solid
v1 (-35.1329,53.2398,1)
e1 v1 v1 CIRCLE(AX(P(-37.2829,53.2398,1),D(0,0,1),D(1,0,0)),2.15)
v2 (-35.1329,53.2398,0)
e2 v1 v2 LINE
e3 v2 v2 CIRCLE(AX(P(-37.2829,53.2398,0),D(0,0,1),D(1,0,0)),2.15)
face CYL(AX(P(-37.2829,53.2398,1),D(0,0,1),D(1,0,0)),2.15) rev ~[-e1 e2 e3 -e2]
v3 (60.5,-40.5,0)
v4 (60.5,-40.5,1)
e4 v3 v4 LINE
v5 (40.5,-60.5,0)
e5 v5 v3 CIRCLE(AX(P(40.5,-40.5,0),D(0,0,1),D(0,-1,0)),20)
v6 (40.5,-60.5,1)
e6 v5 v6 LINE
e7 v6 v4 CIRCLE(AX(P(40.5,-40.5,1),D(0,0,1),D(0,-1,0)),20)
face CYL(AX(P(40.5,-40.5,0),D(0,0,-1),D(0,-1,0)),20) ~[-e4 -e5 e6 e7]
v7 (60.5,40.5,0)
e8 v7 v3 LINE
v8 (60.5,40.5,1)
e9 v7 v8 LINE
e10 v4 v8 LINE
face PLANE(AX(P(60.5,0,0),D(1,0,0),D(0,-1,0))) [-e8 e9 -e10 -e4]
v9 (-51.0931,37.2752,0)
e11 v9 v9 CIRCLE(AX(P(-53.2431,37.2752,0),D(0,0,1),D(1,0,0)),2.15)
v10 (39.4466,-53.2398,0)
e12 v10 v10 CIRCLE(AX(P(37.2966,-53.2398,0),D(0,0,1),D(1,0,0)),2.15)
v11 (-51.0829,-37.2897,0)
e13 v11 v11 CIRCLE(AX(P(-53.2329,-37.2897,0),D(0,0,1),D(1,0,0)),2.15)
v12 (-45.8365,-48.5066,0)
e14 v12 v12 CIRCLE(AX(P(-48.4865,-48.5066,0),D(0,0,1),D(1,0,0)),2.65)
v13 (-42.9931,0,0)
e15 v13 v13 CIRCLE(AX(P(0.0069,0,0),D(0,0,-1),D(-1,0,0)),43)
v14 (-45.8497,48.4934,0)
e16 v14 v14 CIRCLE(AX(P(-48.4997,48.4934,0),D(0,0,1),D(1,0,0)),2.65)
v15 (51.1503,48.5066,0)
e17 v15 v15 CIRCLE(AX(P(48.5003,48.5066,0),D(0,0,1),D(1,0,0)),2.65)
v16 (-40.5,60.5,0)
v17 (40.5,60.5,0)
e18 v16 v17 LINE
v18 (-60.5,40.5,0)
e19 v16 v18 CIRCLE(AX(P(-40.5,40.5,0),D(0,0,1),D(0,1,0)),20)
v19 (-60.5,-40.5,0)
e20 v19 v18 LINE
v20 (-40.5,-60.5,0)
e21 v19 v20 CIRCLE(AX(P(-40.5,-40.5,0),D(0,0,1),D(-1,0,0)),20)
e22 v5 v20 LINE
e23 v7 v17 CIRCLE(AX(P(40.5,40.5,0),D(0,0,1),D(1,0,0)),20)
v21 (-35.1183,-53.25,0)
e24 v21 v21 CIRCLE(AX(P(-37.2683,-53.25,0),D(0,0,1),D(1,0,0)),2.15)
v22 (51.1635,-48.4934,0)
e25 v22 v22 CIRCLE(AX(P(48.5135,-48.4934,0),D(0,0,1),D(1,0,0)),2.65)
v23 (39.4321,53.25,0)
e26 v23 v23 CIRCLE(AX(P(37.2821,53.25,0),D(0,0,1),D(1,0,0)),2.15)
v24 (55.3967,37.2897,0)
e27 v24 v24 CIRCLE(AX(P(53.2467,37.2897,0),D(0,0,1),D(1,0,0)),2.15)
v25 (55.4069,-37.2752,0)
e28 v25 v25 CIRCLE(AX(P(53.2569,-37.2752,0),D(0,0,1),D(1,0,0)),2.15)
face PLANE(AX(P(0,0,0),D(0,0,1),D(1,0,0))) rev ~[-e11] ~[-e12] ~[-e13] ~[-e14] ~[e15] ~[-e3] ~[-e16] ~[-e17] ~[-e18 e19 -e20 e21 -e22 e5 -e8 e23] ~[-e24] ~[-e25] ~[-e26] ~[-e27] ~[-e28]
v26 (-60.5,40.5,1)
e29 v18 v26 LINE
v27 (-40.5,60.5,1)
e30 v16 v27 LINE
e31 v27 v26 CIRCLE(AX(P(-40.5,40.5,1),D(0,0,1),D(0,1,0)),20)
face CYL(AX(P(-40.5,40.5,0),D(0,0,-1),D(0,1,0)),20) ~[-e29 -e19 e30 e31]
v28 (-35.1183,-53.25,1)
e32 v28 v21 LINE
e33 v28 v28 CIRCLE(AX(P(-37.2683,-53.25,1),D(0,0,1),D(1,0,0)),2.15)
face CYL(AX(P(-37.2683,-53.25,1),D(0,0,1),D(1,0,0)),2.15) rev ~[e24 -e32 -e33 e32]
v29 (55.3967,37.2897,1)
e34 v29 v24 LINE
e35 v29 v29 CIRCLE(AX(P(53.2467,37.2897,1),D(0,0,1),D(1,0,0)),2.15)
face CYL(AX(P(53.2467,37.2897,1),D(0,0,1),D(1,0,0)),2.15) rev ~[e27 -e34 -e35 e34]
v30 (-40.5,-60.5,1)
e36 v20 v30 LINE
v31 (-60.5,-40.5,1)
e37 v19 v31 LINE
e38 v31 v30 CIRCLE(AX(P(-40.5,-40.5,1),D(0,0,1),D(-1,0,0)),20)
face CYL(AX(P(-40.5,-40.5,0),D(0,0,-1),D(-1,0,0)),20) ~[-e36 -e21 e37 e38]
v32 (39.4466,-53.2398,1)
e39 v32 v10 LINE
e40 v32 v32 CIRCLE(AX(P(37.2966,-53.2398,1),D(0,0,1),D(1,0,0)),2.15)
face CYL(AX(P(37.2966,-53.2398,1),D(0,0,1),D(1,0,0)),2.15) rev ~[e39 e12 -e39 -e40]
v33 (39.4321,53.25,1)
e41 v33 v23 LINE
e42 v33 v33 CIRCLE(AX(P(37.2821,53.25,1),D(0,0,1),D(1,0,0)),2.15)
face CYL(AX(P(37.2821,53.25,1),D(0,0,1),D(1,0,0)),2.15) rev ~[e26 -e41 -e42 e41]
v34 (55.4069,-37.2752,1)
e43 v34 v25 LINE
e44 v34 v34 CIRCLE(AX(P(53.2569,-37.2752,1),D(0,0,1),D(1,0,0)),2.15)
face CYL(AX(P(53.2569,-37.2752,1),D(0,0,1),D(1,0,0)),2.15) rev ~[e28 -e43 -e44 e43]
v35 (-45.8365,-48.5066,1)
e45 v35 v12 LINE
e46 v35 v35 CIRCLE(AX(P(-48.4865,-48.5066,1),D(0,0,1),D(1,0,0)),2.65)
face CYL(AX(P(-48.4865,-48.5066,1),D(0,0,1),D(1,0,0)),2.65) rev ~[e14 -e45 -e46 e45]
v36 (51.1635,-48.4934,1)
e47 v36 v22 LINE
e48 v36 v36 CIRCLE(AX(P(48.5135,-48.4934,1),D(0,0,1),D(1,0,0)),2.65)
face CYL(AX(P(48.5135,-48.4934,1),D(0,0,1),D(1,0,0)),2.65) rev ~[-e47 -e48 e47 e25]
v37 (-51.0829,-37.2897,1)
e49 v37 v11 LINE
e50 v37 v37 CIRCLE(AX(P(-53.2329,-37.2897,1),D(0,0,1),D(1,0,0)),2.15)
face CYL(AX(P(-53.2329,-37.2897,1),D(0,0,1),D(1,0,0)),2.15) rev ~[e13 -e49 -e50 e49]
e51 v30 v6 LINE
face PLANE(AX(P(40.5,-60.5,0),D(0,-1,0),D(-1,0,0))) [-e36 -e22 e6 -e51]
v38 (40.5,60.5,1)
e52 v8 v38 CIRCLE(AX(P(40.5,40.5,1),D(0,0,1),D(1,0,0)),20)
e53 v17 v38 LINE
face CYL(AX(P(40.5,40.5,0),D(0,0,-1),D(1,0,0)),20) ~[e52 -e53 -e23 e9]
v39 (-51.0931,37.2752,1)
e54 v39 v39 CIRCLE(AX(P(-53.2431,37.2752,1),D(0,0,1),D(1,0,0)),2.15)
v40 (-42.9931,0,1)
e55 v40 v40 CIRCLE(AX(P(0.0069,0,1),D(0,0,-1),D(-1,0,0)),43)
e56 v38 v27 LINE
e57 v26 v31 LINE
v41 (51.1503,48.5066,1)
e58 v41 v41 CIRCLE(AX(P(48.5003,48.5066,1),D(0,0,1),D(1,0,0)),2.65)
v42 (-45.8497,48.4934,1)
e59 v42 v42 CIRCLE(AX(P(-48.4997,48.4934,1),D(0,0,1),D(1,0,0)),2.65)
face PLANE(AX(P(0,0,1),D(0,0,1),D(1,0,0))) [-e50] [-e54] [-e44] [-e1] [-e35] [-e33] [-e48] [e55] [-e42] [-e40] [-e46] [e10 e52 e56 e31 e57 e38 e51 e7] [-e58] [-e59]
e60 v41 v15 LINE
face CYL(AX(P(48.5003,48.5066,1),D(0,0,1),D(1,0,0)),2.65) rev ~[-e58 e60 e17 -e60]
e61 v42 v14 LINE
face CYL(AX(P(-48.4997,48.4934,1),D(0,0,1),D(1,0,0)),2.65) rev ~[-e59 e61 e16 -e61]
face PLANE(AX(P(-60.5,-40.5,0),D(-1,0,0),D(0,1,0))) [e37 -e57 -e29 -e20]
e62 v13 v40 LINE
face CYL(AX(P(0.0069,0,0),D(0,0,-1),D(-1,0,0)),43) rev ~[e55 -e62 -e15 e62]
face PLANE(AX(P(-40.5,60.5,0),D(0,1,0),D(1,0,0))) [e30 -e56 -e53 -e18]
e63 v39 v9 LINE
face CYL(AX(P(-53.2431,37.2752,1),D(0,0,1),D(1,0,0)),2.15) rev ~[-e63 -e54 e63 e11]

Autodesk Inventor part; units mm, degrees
ref_plane "YZ Plane" through (0, 0, 0) normal (1, 0, 0) x (0, 1, 0)
ref_plane "XZ Plane" through (0, 0, 0) normal (0, 1, 0) x (-1, 0, 0)
ref_plane "XY Plane" through (0, 0, 0) normal (0, 0, 1) x (1, 0, 0)
sketch "Sketch1" plane through (0, 0, 0) normal (0, 0, 1) x (1, 0, 0)
  circle A0 centre (0, 0) radius 29
  circle A1 centre (0, 0) radius 60.5
  line L0 (-40.5, 60.5) -> (40.5, 60.5)
  line L1 (60.5, 40.5) -> (60.5, -40.5)
  line L2 (40.5, -60.5) -> (-40.5, -60.5)
  line L3 (-60.5, -40.5) -> (-60.5, 40.5)
  arc A2 (-40.5, 60.5) -> (-60.5, 40.5) centre (-40.5, 40.5) ccw
  arc A3 (60.5, 40.5) -> (40.5, 60.5) centre (40.5, 40.5) ccw
  arc A4 (40.5, -60.5) -> (60.5, -40.5) centre (40.5, -40.5) ccw
  arc A5 (-60.5, -40.5) -> (-40.5, -60.5) centre (-40.5, -40.5) ccw
  dimension "d0" = 58
  dimension "d1" = 121
  dimension "d2" = 20
extrude "Extrusion1" add sketch "Sketch1" along normal blind 1
sketch "Sketch2" plane through (0, 0, 1) normal (0, 0, 1) x (1, 0, 0)
  circle A0 centre (-48.4865, -48.5066) radius 2.65 projected
  circle A1 centre (-37.2683, -53.25) radius 2.15 projected
  circle A2 centre (-53.2329, -37.2897) radius 2.15 projected
  circle A3 centre (-53.2431, 37.2752) radius 2.15 projected
  circle A4 centre (-48.4997, 48.4934) radius 2.65 projected
  circle A5 centre (-37.2829, 53.2398) radius 2.15 projected
  circle A6 centre (37.2821, 53.25) radius 2.15 projected
  circle A7 centre (48.5003, 48.5066) radius 2.65 projected
  circle A8 centre (53.2467, 37.2897) radius 2.15 projected
  circle A9 centre (53.2569, -37.2752) radius 2.15 projected
  circle A10 centre (48.5135, -48.4934) radius 2.65 projected
  circle A11 centre (37.2966, -53.2398) radius 2.15 projected
  point P0 (0, 0)
extrude "Extrusion2" cut sketch "Sketch2" against normal through all
sketch "Sketch3" plane through (0, 0, 0) normal (0, 0, -1) x (-1, 0, 0)
  circle A0 centre (-0.0069, 0) radius 43 projected
  point P0 (0, 0)
extrude "Extrusion3" cut sketch "Sketch3" against normal through all
properties part number "stator_mount_02_left_p" material "PC/ABS Plastic"
